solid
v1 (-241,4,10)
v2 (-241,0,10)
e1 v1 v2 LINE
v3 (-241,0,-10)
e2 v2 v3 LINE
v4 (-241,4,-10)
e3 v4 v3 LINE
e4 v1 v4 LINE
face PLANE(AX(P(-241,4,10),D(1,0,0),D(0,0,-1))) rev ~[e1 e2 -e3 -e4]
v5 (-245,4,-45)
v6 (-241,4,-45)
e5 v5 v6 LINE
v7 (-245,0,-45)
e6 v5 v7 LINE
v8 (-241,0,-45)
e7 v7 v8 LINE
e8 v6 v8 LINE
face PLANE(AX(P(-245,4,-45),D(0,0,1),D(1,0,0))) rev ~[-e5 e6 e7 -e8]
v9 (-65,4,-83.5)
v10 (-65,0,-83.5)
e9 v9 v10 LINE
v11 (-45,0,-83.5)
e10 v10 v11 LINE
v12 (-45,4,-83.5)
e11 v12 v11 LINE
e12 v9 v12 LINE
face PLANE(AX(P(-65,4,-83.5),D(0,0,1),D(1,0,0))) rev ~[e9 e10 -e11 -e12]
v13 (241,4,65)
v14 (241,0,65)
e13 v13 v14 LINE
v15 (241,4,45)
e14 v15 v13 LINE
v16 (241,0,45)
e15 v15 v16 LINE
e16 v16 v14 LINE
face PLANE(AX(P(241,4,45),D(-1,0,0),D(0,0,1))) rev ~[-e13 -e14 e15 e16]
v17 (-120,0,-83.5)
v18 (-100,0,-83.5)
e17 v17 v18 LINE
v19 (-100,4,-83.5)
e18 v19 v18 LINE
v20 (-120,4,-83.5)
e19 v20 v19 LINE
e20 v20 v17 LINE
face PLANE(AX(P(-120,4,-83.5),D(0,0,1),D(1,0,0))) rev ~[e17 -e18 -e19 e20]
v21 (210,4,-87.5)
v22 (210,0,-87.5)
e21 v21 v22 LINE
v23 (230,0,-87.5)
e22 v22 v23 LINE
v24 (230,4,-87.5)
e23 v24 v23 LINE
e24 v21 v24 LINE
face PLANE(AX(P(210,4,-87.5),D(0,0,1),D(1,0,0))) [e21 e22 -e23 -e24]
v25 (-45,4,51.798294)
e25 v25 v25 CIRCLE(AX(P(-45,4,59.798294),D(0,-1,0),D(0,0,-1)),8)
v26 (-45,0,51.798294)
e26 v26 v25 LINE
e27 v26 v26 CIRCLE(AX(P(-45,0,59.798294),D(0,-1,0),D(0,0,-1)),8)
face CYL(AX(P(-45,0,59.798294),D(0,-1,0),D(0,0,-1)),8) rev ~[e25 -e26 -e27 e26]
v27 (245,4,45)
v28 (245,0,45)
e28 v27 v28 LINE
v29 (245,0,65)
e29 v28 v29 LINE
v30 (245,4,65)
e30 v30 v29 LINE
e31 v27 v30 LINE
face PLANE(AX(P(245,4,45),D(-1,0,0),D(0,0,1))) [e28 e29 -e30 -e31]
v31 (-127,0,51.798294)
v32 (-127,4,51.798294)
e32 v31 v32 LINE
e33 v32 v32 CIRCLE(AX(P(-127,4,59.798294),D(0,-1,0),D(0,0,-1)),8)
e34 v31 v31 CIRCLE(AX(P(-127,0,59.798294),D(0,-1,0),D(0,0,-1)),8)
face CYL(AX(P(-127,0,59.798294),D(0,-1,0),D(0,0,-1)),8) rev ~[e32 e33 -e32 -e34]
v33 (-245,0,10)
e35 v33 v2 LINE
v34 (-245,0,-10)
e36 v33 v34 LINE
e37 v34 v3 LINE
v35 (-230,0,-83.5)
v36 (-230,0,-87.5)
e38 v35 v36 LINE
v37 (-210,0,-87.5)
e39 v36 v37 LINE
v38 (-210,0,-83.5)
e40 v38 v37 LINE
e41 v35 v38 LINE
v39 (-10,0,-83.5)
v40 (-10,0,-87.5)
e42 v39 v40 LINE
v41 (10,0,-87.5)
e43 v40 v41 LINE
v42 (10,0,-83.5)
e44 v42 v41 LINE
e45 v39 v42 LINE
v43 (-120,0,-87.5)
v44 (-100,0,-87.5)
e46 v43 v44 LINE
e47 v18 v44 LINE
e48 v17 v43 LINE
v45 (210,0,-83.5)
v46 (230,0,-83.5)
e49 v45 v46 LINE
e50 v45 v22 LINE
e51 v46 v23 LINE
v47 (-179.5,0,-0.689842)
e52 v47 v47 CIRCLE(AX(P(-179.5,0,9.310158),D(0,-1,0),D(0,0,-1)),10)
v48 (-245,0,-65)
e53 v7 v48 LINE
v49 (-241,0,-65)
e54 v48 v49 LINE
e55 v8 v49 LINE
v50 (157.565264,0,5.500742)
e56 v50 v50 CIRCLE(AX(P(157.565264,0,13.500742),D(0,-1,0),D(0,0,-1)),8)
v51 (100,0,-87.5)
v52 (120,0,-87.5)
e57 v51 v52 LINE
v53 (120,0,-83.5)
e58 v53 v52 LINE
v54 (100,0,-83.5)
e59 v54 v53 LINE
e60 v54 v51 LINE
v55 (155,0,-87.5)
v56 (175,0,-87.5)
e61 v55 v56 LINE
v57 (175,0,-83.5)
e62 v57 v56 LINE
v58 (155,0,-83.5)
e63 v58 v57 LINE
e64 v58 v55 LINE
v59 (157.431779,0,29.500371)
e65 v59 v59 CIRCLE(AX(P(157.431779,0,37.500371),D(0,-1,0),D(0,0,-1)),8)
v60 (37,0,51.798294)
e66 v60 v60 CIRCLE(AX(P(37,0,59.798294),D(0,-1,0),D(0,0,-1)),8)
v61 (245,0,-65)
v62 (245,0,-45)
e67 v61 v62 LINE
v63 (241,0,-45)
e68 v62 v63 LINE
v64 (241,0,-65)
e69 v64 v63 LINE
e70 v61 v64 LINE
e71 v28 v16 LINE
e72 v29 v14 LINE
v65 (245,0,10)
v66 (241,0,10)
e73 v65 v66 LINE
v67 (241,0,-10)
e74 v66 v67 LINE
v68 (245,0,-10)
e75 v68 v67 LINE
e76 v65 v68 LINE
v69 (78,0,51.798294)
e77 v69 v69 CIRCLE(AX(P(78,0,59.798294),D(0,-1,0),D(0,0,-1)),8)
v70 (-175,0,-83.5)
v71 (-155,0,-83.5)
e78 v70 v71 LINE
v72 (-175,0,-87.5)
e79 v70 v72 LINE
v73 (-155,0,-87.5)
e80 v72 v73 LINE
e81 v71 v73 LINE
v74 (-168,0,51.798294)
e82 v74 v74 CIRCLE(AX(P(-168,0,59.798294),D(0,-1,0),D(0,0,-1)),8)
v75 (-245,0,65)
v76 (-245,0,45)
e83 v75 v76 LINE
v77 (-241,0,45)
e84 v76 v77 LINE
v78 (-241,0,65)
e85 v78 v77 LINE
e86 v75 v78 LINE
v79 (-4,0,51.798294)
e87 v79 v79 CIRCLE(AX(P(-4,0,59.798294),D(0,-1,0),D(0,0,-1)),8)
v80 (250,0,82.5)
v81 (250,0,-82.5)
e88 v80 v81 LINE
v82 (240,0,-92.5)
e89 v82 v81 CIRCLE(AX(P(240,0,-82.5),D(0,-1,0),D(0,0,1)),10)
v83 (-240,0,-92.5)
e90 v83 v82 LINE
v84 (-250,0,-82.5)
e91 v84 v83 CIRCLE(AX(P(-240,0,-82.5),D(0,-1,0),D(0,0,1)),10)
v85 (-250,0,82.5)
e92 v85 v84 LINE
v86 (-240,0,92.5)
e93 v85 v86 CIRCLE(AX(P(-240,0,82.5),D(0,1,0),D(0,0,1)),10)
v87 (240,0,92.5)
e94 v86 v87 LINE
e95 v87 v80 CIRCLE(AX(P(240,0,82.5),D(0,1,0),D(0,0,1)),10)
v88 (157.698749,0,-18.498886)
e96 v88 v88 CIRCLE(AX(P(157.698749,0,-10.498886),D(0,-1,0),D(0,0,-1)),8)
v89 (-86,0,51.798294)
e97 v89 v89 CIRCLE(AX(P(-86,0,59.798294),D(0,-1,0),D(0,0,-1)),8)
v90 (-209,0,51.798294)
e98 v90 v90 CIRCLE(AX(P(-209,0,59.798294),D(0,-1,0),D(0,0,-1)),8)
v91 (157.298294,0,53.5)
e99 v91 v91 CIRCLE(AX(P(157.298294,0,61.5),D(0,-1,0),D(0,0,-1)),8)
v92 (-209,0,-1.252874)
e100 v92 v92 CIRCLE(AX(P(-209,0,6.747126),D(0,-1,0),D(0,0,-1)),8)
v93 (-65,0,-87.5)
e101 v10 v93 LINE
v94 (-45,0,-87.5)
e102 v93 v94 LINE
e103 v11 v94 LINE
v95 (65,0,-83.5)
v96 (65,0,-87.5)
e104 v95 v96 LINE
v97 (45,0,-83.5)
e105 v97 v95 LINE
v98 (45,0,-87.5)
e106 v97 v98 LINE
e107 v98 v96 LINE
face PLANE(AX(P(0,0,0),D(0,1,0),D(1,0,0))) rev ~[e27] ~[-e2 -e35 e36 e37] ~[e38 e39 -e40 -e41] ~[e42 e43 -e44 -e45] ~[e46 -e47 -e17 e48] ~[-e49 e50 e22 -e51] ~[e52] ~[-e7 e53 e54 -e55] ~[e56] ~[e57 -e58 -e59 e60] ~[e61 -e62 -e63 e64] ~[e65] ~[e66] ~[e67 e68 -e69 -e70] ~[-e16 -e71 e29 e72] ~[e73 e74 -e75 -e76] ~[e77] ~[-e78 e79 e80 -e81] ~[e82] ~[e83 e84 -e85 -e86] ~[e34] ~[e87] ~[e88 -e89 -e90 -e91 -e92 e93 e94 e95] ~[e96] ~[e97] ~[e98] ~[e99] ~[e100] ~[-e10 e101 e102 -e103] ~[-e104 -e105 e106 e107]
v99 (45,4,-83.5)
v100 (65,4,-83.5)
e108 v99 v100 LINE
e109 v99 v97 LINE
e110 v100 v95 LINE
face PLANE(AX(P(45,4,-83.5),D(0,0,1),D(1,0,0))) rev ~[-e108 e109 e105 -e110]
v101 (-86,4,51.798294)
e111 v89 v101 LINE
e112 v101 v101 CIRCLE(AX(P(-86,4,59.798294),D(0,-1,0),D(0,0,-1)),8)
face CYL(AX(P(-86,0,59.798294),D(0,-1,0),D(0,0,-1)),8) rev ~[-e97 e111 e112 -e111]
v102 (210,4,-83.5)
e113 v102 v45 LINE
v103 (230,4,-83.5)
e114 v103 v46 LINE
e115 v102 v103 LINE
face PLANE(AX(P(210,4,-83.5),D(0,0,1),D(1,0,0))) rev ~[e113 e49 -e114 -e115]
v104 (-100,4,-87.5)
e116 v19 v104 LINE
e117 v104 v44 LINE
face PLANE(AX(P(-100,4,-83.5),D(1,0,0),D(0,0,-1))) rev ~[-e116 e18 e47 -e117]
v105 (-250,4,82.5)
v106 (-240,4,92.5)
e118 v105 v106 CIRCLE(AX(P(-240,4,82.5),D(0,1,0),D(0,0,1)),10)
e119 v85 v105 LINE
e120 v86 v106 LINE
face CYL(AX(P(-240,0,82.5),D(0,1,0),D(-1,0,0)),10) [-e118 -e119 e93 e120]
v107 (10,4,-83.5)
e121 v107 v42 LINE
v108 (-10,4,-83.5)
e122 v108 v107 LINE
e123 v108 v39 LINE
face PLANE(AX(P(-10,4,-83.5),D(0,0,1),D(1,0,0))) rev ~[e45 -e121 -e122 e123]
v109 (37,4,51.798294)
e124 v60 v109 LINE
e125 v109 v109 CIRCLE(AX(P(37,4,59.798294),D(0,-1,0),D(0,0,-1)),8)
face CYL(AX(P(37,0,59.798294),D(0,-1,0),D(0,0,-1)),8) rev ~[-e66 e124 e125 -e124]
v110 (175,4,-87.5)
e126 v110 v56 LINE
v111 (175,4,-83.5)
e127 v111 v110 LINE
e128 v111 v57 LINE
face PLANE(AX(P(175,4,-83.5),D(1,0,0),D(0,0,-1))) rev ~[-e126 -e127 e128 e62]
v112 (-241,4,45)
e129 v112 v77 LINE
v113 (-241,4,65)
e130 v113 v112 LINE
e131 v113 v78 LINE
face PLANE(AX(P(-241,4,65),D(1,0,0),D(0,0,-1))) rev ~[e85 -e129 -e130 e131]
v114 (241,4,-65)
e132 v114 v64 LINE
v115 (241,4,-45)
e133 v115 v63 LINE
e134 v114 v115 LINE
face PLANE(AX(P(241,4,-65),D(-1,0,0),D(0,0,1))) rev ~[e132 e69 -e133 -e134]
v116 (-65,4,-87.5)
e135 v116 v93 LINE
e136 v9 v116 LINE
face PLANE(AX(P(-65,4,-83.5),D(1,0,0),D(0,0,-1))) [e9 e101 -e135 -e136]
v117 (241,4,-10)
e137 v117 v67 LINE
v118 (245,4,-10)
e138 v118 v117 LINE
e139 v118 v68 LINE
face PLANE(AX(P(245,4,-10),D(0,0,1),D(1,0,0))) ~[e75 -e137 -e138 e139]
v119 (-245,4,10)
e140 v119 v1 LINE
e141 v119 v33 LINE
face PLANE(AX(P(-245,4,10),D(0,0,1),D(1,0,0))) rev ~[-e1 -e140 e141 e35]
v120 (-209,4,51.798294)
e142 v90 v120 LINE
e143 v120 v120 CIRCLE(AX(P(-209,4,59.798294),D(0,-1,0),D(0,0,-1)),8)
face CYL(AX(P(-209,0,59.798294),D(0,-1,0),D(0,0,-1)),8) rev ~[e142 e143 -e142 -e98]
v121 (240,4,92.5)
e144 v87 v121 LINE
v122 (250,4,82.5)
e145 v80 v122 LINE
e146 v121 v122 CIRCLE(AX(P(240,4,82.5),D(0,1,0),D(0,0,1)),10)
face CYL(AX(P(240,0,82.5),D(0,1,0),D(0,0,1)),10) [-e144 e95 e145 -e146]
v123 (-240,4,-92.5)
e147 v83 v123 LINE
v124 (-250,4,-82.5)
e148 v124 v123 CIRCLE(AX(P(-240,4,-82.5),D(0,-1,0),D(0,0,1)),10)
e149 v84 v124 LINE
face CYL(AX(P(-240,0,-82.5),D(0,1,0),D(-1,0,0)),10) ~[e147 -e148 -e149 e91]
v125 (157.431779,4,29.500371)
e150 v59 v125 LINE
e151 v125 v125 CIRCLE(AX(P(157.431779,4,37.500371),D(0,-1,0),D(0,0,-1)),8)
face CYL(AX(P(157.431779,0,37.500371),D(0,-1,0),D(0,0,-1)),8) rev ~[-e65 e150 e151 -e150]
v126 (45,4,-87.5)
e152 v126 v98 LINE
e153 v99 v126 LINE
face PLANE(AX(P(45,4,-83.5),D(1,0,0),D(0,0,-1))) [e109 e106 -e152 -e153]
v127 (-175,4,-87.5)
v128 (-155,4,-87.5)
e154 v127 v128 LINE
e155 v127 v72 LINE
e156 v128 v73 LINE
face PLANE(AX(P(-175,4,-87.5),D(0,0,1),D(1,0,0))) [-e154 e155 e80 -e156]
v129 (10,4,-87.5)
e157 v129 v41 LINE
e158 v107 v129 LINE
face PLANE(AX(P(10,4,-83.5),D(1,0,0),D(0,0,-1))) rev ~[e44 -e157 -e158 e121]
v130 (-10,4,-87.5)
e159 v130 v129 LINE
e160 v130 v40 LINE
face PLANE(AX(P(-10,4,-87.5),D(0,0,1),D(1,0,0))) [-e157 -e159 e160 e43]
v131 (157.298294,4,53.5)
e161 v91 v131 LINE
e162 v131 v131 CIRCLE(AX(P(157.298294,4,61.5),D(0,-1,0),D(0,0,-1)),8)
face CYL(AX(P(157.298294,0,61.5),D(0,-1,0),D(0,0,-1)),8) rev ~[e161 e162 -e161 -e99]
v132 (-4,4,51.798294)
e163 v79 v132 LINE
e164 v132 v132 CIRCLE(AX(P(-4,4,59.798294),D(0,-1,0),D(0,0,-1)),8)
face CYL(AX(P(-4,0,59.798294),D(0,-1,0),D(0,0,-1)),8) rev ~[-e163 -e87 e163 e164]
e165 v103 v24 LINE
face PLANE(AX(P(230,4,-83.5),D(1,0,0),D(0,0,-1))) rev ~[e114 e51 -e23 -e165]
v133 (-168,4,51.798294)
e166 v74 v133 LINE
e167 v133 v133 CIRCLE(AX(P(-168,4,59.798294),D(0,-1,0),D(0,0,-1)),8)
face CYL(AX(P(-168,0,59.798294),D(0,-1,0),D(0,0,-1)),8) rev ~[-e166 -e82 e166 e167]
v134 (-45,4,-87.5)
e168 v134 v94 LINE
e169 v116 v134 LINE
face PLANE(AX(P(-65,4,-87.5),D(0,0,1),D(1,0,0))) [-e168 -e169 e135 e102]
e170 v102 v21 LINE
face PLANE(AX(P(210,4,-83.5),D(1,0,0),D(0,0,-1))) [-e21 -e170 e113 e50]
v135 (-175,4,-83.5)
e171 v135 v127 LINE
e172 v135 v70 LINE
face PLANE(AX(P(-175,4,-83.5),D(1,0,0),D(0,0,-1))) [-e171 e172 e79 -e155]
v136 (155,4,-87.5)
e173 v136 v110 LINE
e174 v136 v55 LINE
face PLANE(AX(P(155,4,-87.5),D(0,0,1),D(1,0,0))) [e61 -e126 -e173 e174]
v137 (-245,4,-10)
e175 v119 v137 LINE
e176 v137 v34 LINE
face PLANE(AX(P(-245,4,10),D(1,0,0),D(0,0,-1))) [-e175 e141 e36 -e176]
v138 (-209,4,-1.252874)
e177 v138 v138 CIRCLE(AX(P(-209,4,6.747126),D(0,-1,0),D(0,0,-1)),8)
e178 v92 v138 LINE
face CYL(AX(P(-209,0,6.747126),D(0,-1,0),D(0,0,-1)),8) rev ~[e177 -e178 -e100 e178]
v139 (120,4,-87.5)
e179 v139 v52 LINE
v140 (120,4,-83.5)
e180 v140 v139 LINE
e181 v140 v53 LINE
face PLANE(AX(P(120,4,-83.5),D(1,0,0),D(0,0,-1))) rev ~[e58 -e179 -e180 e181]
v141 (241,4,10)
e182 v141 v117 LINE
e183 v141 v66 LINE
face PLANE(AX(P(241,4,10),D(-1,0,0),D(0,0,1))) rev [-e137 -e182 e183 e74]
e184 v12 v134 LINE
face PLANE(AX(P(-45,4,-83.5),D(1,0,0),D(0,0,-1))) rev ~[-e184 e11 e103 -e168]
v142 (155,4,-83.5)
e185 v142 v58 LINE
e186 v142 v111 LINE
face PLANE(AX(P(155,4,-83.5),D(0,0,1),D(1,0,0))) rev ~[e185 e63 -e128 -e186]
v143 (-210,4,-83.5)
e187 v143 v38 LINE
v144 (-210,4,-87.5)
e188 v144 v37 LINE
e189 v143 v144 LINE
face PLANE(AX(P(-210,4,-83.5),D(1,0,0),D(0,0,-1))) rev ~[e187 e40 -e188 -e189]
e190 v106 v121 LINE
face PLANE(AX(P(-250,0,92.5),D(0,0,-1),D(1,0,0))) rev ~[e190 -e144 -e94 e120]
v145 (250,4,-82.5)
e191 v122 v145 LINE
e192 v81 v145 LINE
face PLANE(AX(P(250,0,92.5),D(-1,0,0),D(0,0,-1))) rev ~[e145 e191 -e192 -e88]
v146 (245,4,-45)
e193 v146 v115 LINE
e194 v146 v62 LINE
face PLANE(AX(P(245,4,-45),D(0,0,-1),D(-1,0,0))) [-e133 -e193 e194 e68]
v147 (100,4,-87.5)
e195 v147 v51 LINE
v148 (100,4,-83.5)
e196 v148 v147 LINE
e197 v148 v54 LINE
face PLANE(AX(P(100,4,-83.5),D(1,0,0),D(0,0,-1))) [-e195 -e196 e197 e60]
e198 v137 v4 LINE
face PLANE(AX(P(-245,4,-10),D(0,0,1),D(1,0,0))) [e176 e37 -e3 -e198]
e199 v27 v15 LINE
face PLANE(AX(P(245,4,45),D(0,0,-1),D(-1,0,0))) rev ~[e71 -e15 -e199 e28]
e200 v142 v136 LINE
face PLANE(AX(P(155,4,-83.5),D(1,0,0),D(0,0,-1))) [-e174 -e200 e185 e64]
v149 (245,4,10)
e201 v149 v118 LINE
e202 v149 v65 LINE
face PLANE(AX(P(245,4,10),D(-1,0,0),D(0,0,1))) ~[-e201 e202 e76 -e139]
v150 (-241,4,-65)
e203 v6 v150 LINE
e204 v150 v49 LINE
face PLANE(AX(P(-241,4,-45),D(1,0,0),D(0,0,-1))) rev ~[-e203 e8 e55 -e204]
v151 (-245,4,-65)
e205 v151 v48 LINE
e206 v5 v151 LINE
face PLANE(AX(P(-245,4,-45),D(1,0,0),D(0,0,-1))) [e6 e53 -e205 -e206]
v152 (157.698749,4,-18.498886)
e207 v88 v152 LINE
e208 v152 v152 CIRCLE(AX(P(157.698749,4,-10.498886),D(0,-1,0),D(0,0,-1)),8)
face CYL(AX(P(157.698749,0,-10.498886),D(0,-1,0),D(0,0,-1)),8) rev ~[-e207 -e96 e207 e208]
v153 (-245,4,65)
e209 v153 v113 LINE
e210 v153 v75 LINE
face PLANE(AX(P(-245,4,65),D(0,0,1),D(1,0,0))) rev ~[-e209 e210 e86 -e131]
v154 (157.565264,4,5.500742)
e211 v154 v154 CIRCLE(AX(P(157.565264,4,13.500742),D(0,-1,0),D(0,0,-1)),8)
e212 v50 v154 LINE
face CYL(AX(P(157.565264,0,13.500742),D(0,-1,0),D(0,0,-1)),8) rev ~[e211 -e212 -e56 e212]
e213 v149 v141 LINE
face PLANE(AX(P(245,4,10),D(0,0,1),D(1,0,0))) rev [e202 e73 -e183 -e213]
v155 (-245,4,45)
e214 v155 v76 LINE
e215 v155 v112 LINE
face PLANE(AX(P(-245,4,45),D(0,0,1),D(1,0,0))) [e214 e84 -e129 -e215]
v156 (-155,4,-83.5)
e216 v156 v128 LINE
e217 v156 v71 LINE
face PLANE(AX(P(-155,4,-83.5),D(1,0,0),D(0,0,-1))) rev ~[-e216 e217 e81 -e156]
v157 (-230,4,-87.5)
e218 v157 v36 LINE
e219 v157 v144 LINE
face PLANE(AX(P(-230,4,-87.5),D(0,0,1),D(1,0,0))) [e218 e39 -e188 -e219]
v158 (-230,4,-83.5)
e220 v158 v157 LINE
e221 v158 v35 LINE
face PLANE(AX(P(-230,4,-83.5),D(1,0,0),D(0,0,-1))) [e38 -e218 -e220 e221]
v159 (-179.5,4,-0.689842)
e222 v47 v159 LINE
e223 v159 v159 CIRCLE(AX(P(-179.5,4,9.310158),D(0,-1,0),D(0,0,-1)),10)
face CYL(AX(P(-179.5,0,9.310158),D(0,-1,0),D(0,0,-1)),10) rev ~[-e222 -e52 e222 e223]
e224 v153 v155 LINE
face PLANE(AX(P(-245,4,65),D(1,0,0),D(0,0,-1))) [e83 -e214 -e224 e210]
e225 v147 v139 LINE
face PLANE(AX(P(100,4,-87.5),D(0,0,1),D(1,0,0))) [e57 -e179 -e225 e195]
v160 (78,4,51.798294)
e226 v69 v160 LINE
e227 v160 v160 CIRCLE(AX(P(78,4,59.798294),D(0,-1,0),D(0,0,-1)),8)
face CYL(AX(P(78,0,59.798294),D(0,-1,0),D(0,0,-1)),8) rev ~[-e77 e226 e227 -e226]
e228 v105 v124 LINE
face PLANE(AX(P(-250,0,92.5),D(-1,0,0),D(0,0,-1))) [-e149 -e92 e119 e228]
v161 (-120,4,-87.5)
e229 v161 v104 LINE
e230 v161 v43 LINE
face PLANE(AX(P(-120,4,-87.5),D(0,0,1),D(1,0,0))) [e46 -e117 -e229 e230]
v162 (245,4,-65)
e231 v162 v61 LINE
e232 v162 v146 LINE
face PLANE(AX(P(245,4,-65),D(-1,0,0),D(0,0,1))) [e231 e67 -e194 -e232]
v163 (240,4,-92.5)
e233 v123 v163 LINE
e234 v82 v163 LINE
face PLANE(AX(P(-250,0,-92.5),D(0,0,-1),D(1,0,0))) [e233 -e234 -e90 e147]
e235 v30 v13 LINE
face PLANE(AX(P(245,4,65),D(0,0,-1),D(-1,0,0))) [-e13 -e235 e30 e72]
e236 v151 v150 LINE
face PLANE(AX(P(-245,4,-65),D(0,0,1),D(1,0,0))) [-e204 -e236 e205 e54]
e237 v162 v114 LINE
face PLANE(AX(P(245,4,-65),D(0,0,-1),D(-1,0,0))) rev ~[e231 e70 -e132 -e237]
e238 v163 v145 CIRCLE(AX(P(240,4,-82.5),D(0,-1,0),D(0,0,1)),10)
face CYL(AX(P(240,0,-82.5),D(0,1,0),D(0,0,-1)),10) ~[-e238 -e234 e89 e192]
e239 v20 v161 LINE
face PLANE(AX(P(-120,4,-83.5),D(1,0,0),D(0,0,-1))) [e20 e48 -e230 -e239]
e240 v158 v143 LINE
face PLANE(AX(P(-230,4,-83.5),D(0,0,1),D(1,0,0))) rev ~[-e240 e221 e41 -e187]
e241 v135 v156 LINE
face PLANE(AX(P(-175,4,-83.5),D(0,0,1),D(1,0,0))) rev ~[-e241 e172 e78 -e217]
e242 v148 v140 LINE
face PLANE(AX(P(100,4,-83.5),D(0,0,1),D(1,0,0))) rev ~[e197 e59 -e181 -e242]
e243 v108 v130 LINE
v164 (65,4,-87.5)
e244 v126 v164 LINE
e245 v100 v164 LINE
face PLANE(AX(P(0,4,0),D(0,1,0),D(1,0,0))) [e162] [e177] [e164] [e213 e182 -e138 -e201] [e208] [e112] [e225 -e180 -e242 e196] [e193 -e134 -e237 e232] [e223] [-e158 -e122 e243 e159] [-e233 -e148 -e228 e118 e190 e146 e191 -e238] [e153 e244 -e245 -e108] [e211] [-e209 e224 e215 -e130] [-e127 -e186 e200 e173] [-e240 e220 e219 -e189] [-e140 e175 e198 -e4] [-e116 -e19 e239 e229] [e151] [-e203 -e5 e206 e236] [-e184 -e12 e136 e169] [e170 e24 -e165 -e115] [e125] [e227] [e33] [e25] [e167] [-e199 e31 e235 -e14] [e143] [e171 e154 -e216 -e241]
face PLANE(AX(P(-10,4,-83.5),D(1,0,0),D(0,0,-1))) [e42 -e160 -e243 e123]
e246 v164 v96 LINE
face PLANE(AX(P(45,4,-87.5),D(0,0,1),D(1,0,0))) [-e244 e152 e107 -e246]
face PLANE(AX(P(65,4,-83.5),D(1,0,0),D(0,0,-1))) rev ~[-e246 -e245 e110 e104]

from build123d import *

# Parameters (mm, degrees)
SKETCH2_W                    = 500
SKETCH2_H                    = 185
BASE_DEPTH                   = 4
SKETCH3_W                    = 20
SKETCH3_H                    = 4
TOP_HOLE_DEFINITION_DEPTH    = 267.593792126
TOP_HOLE_PATTERN_COUNT       = 5
TOP_HOLE_PATTERN_PITCH       = 55
TOP_HOLE_PATTERN_COUNT_DIR2  = 5
TOP_HOLE_PATTERN_PITCH_DIR2  = 55
SKETCH4_W                    = 4
SKETCH4_H                    = 20
LEFT_HOLE_DEFINITION_DEPTH   = 267.593792126
LEFT_HOLE_PATTERN_COUNT      = 2
LEFT_HOLE_PATTERN_PITCH      = 55
LEFT_HOLE_PATTERN_COUNT_DIR2 = 2
LEFT_HOLE_PATTERN_PITCH_DIR2 = 55
FILLET1_R                    = 10
MIRROR2_COPY_1_SKETCH_W      = 4
MIRROR2_COPY_1_SKETCH_H      = 20
MIRROR2_COPY_1_DEPTH         = 267.593792126
MIRROR2_COPY_2_SKETCH_W      = 4
MIRROR2_COPY_2_SKETCH_H      = 20
MIRROR2_COPY_2_DEPTH         = 267.593792126
MIRROR2_COPY_3_SKETCH_W      = 4
MIRROR2_COPY_3_SKETCH_H      = 20
MIRROR2_COPY_3_DEPTH         = 267.593792126
SKETCH7_R                    = 8
SKETCH7_R_2                  = 10
CUT_EXTRUDE5_DEPTH           = 267.593792126


with BuildPart() as part:
    # Sketch2 → Base (new body)
    with BuildSketch(Plane(origin=(0, 0, 0), x_dir=(1, 0, 0), z_dir=(0, 1, 0))):
        Rectangle(SKETCH2_W, SKETCH2_H)
    extrude(amount=BASE_DEPTH)

    # Sketch3 → Top Hole Definition (cut, through all)
    with BuildSketch(Plane(origin=(0, 4, 0), x_dir=(1, 0, 0), z_dir=(0, 1, 0))):
        with Locations((0, 85.5)):
            Rectangle(SKETCH3_W, SKETCH3_H)
    top_hole_definition = extrude(amount=-TOP_HOLE_DEFINITION_DEPTH, mode=Mode.SUBTRACT)

    # Top Hole Pattern: Top Hole Definition 5 × 5
    with Locations(*[Vector(-1, 0, 0) * (i * TOP_HOLE_PATTERN_PITCH) + Vector(1, 0, 0) * (j * TOP_HOLE_PATTERN_PITCH_DIR2) for i in range(TOP_HOLE_PATTERN_COUNT) for j in range(TOP_HOLE_PATTERN_COUNT_DIR2) if (i, j) != (0, 0)]):
        add(top_hole_definition, mode=Mode.SUBTRACT)

    # Sketch4 → Left Hole Definition (cut, through all)
    with BuildSketch(Plane(origin=(0, 4, 0), x_dir=(1, 0, 0), z_dir=(0, 1, 0))):
        with Locations((-243, 0)):
            Rectangle(SKETCH4_W, SKETCH4_H)
    left_hole_definition = extrude(amount=-LEFT_HOLE_DEFINITION_DEPTH, mode=Mode.SUBTRACT)

    # Left Hole Pattern: Left Hole Definition 2 × 2
    with Locations(*[Vector(0, 0, -1) * (i * LEFT_HOLE_PATTERN_PITCH) + Vector(0, 0, 1) * (j * LEFT_HOLE_PATTERN_PITCH_DIR2) for i in range(LEFT_HOLE_PATTERN_COUNT) for j in range(LEFT_HOLE_PATTERN_COUNT_DIR2) if (i, j) != (0, 0)]):
        add(left_hole_definition, mode=Mode.SUBTRACT)

    # Fillet1
    fillet1_edges = [part.edges().sort_by_distance(p)[0] for p in [
        (250, 2, -92.5),
        (250, 2, 92.5),
        (-250, 2, -92.5),
        (-250, 2, 92.5),
    ]]
    fillet(fillet1_edges, radius=FILLET1_R)

    # Mirror2: Left Hole Definition across plane
    add(left_hole_definition.mirror(Plane(origin=(0, 0, 0), x_dir=(0, 0, 1), z_dir=(1, 0, 0))), mode=Mode.SUBTRACT)

    # Mirror2 copy 1 sketch → Mirror2 copy 1 (cut, through all)
    with BuildSketch(Plane(origin=(0, 4, 55), x_dir=(-1, 0, 0), z_dir=(0, 1, 0))):
        with Locations((-243, 0)):
            Rectangle(MIRROR2_COPY_1_SKETCH_W, MIRROR2_COPY_1_SKETCH_H)
    extrude(amount=-MIRROR2_COPY_1_DEPTH, mode=Mode.SUBTRACT)

    # Mirror2 copy 2 sketch → Mirror2 copy 2 (cut, through all)
    with BuildSketch(Plane(origin=(0, 4, -55), x_dir=(-1, 0, 0), z_dir=(0, 1, 0))):
        with Locations((-243, 0)):
            Rectangle(MIRROR2_COPY_2_SKETCH_W, MIRROR2_COPY_2_SKETCH_H)
    extrude(amount=-MIRROR2_COPY_2_DEPTH, mode=Mode.SUBTRACT)

    # Mirror2 copy 3 sketch → Mirror2 copy 3 (cut, through all)
    with BuildSketch(Plane(origin=(0, 4, 0), x_dir=(-1, 0, 0), z_dir=(0, 1, 0))):
        with Locations((-243, 0)):
            Rectangle(MIRROR2_COPY_3_SKETCH_W, MIRROR2_COPY_3_SKETCH_H)
    extrude(amount=-MIRROR2_COPY_3_DEPTH, mode=Mode.SUBTRACT)

    # Sketch7 → Cut-Extrude5 (cut, through all)
    with BuildSketch(Plane.XZ):
        with Locations((-209, 59.798294078)):
            Circle(SKETCH7_R)
        with Locations((-168, 59.798294078)):
            Circle(SKETCH7_R)
        with Locations((-127, 59.798294078)):
            Circle(SKETCH7_R)
        with Locations((-86, 59.798294078)):
            Circle(SKETCH7_R)
        with Locations((-45, 59.798294078)):
            Circle(SKETCH7_R)
        with Locations((-4, 59.798294078)):
            Circle(SKETCH7_R)
        with Locations((37, 59.798294078)):
            Circle(SKETCH7_R)
        with Locations((78, 59.798294078)):
            Circle(SKETCH7_R)
        with Locations((-179.5, 9.310158007)):
            Circle(SKETCH7_R_2)
        with Locations((-209, 6.747125767)):
            Circle(SKETCH7_R)
        with Locations((157.298294078, 61.5)):
            Circle(SKETCH7_R)
        with Locations((157.431778922, 37.500371215)):
            Circle(SKETCH7_R)
        with Locations((157.565263767, 13.500742431)):
            Circle(SKETCH7_R)
        with Locations((157.698748611, -10.498886354)):
            Circle(SKETCH7_R)
    extrude(amount=-CUT_EXTRUDE5_DEPTH, mode=Mode.SUBTRACT)


solid = part.part
